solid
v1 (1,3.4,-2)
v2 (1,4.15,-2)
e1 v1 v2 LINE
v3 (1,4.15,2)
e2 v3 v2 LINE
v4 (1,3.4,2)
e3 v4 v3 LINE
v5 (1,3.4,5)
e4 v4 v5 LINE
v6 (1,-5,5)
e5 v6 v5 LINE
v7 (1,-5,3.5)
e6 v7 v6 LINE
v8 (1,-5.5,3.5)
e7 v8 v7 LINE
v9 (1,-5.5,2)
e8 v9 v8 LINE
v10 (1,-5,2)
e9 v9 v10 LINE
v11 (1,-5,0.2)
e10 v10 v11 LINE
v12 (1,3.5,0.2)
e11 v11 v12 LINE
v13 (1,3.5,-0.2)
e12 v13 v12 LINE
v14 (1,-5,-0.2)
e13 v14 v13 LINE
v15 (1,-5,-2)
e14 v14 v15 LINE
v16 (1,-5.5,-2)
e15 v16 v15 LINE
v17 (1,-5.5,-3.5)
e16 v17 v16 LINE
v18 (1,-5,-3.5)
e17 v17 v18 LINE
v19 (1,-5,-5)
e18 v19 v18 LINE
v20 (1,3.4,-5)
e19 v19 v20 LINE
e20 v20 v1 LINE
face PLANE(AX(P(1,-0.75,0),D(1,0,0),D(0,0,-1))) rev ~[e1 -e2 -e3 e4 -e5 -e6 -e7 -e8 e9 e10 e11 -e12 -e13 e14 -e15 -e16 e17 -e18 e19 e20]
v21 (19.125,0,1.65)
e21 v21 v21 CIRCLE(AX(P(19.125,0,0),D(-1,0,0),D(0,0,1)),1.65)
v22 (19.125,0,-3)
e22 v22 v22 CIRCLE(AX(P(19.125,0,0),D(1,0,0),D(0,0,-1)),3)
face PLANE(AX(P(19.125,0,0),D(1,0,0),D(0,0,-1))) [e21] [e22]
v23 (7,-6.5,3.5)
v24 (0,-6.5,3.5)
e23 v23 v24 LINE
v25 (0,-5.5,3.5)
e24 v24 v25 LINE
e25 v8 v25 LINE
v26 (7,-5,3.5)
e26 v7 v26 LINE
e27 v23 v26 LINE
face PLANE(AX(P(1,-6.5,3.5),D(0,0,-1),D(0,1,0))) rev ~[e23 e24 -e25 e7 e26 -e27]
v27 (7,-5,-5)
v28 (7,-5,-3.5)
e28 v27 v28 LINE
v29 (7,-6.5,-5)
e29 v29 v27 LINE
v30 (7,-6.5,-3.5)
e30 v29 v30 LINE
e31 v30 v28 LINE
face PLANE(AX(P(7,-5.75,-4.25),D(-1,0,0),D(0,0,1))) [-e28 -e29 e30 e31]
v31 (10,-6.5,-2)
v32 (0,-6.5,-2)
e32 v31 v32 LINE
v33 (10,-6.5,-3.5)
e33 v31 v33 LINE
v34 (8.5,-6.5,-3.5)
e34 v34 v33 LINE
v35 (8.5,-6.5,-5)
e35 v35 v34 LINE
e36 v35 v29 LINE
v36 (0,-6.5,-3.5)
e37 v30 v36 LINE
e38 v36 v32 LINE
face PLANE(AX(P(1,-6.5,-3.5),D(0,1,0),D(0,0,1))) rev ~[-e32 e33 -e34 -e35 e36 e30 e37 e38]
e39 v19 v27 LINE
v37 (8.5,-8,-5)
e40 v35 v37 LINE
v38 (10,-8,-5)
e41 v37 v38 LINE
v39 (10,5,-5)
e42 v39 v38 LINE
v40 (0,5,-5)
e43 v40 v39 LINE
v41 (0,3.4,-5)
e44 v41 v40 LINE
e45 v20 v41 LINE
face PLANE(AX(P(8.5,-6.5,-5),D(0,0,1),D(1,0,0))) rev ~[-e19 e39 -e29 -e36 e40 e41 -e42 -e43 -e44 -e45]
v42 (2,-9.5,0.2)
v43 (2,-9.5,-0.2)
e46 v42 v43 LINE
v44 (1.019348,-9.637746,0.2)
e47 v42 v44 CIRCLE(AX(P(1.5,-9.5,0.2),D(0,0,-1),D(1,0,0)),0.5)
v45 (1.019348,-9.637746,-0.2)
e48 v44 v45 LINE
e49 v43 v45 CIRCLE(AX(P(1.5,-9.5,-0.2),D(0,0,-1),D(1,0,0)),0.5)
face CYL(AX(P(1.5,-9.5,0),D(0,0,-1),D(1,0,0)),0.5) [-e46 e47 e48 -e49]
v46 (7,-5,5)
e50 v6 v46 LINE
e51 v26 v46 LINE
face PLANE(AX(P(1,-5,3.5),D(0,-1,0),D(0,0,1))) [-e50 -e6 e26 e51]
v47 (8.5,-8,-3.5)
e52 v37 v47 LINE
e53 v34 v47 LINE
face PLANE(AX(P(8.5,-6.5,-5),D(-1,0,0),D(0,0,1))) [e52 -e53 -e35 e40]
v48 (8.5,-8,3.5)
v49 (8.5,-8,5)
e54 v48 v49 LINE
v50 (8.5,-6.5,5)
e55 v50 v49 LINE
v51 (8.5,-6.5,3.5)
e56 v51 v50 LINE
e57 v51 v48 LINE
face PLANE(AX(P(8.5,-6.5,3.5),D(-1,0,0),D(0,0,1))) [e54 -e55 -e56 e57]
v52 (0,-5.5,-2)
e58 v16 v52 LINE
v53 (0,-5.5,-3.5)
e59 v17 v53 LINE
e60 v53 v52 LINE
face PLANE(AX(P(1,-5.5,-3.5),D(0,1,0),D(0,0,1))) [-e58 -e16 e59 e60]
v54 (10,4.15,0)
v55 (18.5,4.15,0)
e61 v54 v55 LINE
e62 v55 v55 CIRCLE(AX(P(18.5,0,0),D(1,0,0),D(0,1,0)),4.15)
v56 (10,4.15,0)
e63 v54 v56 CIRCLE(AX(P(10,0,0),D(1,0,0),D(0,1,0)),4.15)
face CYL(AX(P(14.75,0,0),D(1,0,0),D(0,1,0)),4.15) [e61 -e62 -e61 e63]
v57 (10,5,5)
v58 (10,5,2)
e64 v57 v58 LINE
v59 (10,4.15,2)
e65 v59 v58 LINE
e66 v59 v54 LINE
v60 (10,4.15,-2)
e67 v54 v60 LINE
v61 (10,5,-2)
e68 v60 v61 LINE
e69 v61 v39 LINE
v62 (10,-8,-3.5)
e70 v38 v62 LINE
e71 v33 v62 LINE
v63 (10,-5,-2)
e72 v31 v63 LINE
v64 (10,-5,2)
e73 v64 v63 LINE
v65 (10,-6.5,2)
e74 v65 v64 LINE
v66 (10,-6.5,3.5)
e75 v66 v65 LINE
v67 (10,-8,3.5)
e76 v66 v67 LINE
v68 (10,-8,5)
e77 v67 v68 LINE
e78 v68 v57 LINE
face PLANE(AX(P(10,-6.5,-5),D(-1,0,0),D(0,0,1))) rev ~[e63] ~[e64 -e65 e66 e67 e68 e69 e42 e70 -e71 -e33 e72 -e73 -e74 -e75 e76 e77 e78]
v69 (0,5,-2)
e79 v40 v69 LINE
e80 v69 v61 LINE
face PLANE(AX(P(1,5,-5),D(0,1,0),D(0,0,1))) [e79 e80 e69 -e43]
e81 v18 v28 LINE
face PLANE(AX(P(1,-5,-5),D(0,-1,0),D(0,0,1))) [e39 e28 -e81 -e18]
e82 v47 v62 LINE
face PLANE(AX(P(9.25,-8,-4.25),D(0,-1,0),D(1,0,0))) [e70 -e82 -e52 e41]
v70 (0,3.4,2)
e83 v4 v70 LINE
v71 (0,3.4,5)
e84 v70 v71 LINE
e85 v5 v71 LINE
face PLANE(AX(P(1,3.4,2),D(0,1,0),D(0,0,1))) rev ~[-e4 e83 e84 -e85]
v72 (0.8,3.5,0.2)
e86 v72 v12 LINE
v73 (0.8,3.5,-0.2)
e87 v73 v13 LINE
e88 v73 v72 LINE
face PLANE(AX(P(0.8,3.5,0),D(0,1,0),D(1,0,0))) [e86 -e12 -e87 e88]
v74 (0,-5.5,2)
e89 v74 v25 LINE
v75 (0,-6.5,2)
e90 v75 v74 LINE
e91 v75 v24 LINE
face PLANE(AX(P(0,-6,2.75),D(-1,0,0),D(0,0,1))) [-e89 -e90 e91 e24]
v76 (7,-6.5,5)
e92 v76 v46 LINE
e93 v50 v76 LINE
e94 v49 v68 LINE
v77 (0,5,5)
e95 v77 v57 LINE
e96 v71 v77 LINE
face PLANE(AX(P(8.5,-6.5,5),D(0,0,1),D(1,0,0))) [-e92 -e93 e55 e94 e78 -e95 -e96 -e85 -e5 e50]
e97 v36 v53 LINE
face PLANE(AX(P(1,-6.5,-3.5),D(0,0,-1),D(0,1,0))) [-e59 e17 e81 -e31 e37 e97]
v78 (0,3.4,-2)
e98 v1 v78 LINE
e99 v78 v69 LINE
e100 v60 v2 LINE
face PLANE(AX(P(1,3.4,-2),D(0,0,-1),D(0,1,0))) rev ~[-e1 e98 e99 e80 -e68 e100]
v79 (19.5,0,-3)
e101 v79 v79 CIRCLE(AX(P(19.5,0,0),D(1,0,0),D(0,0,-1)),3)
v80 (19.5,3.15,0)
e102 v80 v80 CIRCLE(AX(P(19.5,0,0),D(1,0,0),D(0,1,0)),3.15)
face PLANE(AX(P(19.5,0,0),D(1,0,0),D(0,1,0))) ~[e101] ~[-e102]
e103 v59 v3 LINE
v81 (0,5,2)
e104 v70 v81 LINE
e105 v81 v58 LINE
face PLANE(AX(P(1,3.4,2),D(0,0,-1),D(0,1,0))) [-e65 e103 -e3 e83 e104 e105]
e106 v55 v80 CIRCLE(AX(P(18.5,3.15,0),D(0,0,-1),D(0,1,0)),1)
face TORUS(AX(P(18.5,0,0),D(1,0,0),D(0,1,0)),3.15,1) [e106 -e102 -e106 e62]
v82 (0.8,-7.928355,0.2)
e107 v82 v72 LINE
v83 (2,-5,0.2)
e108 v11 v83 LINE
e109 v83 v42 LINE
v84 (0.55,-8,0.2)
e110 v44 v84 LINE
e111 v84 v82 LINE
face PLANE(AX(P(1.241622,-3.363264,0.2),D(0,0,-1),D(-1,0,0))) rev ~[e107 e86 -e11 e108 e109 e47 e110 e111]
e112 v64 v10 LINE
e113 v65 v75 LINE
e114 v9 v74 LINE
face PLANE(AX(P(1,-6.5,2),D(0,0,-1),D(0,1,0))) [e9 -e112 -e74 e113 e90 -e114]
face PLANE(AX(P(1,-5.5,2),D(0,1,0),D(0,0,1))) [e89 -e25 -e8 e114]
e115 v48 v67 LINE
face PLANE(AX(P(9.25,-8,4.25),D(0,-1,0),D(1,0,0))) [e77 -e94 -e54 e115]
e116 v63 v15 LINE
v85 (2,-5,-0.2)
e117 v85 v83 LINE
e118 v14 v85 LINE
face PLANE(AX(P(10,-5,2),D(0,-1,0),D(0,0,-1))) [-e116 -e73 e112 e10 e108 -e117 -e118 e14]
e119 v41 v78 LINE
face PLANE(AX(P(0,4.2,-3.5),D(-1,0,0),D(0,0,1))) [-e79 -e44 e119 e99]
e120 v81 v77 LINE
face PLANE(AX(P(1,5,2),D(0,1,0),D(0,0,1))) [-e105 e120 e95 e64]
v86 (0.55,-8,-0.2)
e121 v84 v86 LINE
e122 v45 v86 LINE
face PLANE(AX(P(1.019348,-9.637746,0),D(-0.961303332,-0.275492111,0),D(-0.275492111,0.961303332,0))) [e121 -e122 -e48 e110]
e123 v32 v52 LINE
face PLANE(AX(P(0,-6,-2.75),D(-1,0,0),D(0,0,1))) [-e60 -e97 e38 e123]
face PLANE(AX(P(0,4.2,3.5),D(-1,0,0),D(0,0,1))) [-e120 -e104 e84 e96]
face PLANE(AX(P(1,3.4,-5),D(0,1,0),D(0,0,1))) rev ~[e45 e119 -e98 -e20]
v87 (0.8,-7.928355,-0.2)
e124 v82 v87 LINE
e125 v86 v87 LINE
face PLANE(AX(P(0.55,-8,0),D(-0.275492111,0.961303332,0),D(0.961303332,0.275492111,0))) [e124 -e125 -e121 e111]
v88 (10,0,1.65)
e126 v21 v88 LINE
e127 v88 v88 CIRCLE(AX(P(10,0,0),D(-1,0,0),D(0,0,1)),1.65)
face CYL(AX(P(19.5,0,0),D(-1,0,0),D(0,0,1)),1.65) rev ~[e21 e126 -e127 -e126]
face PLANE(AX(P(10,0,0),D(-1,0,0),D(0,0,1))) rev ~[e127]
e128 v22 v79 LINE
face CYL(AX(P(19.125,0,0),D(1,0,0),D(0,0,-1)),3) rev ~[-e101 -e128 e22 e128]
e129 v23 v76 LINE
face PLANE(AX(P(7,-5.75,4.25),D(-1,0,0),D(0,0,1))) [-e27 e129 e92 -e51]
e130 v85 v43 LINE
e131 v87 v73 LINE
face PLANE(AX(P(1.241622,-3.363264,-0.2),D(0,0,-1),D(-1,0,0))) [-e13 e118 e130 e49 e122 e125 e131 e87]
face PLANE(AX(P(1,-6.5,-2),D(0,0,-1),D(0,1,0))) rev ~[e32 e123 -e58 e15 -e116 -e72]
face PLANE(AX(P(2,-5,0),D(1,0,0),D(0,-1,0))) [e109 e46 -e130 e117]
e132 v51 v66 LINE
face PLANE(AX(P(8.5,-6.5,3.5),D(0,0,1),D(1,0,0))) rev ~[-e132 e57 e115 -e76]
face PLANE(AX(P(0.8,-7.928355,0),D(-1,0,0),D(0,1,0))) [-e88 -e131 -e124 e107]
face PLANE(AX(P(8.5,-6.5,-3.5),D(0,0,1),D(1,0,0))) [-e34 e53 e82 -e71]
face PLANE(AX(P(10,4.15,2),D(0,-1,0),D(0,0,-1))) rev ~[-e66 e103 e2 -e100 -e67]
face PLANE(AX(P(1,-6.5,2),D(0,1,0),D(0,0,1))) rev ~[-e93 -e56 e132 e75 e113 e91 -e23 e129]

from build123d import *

# Parameters (mm, degrees)
ESBO_O1_W                                            = 10
ESBO_O1_H                                            = 11.5
RESSALTO_EXTRUS_O1_DEPTH                             = 9
ESBO_O2_W                                            = 4
ESBO_O2_H                                            = 0.85
CORTE_EXTRUS_O1_DEPTH                                = 10
ESBO_O3_W                                            = 3
ESBO_O3_H                                            = 1.6
RESSALTO_EXTRUS_O2_DEPTH                             = 1
ESBO_O4_W                                            = 3
ESBO_O4_H                                            = 1.6
RESSALTO_EXTRUS_O3_DEPTH                             = 1
ESBO_O5_W                                            = 4
ESBO_O5_H                                            = 1.5
CORTE_EXTRUS_O2_DEPTH                                = 11
ESBO_O6_W                                            = 1.5
ESBO_O6_H                                            = 1
RESSALTO_EXTRUS_O4_DEPTH                             = 1
ESBO_O7_W                                            = 1.5
ESBO_O7_H                                            = 1.5
CORTE_EXTRUS_O3_DEPTH                                = 6
ESBO_O8_W                                            = 1.5
ESBO_O8_H                                            = 1
RESSALTO_EXTRUS_O5_DEPTH                             = 1
ESBO_O9_W                                            = 1.5
ESBO_O9_H                                            = 1.5
CORTE_EXTRUS_O4_DEPTH                                = 6
ESBO_O10_W                                           = 1.5
ESBO_O10_H                                           = 1.5
RESSALTO_EXTRUS_O6_DEPTH                             = 1.5
ESBO_O11_W                                           = 1.5
ESBO_O11_H                                           = 1.5
RESSALTO_EXTRUS_O7_DEPTH                             = 1.5
ESBO_O12_W                                           = 9.5
ESBO_O12_H                                           = 4.15
REBAIXO_PARA_PARAFUSO_DE_M_QUINA_DE_CABE_D           = 3.3
REBAIXO_PARA_PARAFUSO_DE_M_QUINA_DE_CABE_DEPTH       = 9.5
REBAIXO_PARA_PARAFUSO_DE_M_QUINA_DE_CABE_CBORE_D     = 6
REBAIXO_PARA_PARAFUSO_DE_M_QUINA_DE_CABE_CBORE_DEPTH = 0.375
FILETE1_R                                            = 1
RESSALTO_EXTRUS_O9_DEPTH                             = 0.2


with BuildPart() as part:
    # Esboço1 → Ressalto-extrusão1 (new body)
    with BuildSketch(Plane(origin=(10, 0, 0), x_dir=(0, 0, -1), z_dir=(1, 0, 0))):
        with Locations((0, -0.75)):
            Rectangle(ESBO_O1_W, ESBO_O1_H)
    extrude(amount=-RESSALTO_EXTRUS_O1_DEPTH)

    # Esboço2 → Corte-extrusão1 (cut, through all)
    with BuildSketch(Plane(origin=(10, 0, 0), x_dir=(0, 0, -1), z_dir=(1, 0, 0))):
        with Locations((0, 4.575)):
            Rectangle(ESBO_O2_W, ESBO_O2_H)
    extrude(amount=-CORTE_EXTRUS_O1_DEPTH, mode=Mode.SUBTRACT)

    # Esboço3 → Ressalto-extrusão2 (add)
    with BuildSketch(Plane.ZY.offset(-1)):
        with Locations((3.5, 4.2)):
            Rectangle(ESBO_O3_W, ESBO_O3_H)
    extrude(amount=RESSALTO_EXTRUS_O2_DEPTH)

    # Esboço4 → Ressalto-extrusão3 (add)
    with BuildSketch(Plane.ZY.offset(-1)):
        with Locations((-3.5, 4.2)):
            Rectangle(ESBO_O4_W, ESBO_O4_H)
    extrude(amount=RESSALTO_EXTRUS_O3_DEPTH)

    # Esboço5 → Corte-extrusão2 (cut, through all)
    with BuildSketch(Plane(origin=(10, 0, 0), x_dir=(0, 0, -1), z_dir=(1, 0, 0))):
        with Locations((0, -5.75)):
            Rectangle(ESBO_O5_W, ESBO_O5_H)
    extrude(amount=-CORTE_EXTRUS_O2_DEPTH, mode=Mode.SUBTRACT)

    # Esboço6 → Ressalto-extrusão4 (add)
    with BuildSketch(Plane.ZY.offset(-1)):
        with Locations((2.75, -6)):
            Rectangle(ESBO_O6_W, ESBO_O6_H)
    extrude(amount=RESSALTO_EXTRUS_O4_DEPTH)

    # Esboço7 → Corte-extrusão3 (cut)
    with BuildSketch(Plane.ZY.offset(-1)):
        with Locations((4.25, -5.75)):
            Rectangle(ESBO_O7_W, ESBO_O7_H)
    extrude(amount=-CORTE_EXTRUS_O3_DEPTH, mode=Mode.SUBTRACT)

    # Esboço8 → Ressalto-extrusão5 (add)
    with BuildSketch(Plane.ZY.offset(-1)):
        with Locations((-2.75, -6)):
            Rectangle(ESBO_O8_W, ESBO_O8_H)
    extrude(amount=RESSALTO_EXTRUS_O5_DEPTH)

    # Esboço9 → Corte-extrusão4 (cut)
    with BuildSketch(Plane.ZY.offset(-1)):
        with Locations((-4.25, -5.75)):
            Rectangle(ESBO_O9_W, ESBO_O9_H)
    extrude(amount=-CORTE_EXTRUS_O4_DEPTH, mode=Mode.SUBTRACT)

    # Esboço10 → Ressalto-extrusão6 (add)
    with BuildSketch(Plane.XZ.offset(6.5)):
        with Locations((9.25, 4.25)):
            Rectangle(ESBO_O10_W, ESBO_O10_H)
    extrude(amount=RESSALTO_EXTRUS_O6_DEPTH)

    # Esboço11 → Ressalto-extrusão7 (add)
    with BuildSketch(Plane.XZ.offset(6.5)):
        with Locations((9.25, -4.25)):
            Rectangle(ESBO_O11_W, ESBO_O11_H)
    extrude(amount=RESSALTO_EXTRUS_O7_DEPTH)

    # Esboço12 → Revolução1 (revolve)
    with BuildSketch(Plane.XY):
        with Locations((14.75, 2.075)):
            Rectangle(ESBO_O12_W, ESBO_O12_H)
    revolve(axis=Axis((10, 0, 0), (1, 0, 0)))

    # Rebaixo para parafuso de máquina de cabeça sextavada de M31
    with Locations(Plane(origin=(19.5, 0, 0), x_dir=(0, 0, -1), z_dir=(1, 0, 0))):
        with Locations((0, 0)):
            CounterBoreHole(REBAIXO_PARA_PARAFUSO_DE_M_QUINA_DE_CABE_D / 2, REBAIXO_PARA_PARAFUSO_DE_M_QUINA_DE_CABE_CBORE_D / 2, REBAIXO_PARA_PARAFUSO_DE_M_QUINA_DE_CABE_CBORE_DEPTH, depth=REBAIXO_PARA_PARAFUSO_DE_M_QUINA_DE_CABE_DEPTH)

    # Filete1
    filete1_edges = [part.edges().sort_by_distance(p)[0] for p in [
        (19.5, -4.15, 0),
    ]]
    fillet(filete1_edges, radius=FILETE1_R)

    # Esboço16 → Ressalto-extrusão9 (add, symmetric)
    with BuildSketch(Plane(origin=(0, 0, 0), x_dir=(-1, 0, 0), z_dir=(0, 0, -1))):
        with BuildLine():
            Line((-2, -5), (-2, -9.5))
            ThreePointArc((-2, -9.5), (-1.569549144, -9.99513929), (-1.019348334, -9.637746055))
            Line((-1.019348334, -9.637746055), (-0.549999999, -8))
            Line((-0.549999999, -8), (-0.8, -7.928354531))
            Line((-0.8, -7.928354531), (-0.8, 3.5))
            Line((-0.8, 3.5), (-1, 3.5))
            Line((-1, 3.5), (-2, -5))
        make_face()
    extrude(amount=RESSALTO_EXTRUS_O9_DEPTH, both=True)


solid = part.part
